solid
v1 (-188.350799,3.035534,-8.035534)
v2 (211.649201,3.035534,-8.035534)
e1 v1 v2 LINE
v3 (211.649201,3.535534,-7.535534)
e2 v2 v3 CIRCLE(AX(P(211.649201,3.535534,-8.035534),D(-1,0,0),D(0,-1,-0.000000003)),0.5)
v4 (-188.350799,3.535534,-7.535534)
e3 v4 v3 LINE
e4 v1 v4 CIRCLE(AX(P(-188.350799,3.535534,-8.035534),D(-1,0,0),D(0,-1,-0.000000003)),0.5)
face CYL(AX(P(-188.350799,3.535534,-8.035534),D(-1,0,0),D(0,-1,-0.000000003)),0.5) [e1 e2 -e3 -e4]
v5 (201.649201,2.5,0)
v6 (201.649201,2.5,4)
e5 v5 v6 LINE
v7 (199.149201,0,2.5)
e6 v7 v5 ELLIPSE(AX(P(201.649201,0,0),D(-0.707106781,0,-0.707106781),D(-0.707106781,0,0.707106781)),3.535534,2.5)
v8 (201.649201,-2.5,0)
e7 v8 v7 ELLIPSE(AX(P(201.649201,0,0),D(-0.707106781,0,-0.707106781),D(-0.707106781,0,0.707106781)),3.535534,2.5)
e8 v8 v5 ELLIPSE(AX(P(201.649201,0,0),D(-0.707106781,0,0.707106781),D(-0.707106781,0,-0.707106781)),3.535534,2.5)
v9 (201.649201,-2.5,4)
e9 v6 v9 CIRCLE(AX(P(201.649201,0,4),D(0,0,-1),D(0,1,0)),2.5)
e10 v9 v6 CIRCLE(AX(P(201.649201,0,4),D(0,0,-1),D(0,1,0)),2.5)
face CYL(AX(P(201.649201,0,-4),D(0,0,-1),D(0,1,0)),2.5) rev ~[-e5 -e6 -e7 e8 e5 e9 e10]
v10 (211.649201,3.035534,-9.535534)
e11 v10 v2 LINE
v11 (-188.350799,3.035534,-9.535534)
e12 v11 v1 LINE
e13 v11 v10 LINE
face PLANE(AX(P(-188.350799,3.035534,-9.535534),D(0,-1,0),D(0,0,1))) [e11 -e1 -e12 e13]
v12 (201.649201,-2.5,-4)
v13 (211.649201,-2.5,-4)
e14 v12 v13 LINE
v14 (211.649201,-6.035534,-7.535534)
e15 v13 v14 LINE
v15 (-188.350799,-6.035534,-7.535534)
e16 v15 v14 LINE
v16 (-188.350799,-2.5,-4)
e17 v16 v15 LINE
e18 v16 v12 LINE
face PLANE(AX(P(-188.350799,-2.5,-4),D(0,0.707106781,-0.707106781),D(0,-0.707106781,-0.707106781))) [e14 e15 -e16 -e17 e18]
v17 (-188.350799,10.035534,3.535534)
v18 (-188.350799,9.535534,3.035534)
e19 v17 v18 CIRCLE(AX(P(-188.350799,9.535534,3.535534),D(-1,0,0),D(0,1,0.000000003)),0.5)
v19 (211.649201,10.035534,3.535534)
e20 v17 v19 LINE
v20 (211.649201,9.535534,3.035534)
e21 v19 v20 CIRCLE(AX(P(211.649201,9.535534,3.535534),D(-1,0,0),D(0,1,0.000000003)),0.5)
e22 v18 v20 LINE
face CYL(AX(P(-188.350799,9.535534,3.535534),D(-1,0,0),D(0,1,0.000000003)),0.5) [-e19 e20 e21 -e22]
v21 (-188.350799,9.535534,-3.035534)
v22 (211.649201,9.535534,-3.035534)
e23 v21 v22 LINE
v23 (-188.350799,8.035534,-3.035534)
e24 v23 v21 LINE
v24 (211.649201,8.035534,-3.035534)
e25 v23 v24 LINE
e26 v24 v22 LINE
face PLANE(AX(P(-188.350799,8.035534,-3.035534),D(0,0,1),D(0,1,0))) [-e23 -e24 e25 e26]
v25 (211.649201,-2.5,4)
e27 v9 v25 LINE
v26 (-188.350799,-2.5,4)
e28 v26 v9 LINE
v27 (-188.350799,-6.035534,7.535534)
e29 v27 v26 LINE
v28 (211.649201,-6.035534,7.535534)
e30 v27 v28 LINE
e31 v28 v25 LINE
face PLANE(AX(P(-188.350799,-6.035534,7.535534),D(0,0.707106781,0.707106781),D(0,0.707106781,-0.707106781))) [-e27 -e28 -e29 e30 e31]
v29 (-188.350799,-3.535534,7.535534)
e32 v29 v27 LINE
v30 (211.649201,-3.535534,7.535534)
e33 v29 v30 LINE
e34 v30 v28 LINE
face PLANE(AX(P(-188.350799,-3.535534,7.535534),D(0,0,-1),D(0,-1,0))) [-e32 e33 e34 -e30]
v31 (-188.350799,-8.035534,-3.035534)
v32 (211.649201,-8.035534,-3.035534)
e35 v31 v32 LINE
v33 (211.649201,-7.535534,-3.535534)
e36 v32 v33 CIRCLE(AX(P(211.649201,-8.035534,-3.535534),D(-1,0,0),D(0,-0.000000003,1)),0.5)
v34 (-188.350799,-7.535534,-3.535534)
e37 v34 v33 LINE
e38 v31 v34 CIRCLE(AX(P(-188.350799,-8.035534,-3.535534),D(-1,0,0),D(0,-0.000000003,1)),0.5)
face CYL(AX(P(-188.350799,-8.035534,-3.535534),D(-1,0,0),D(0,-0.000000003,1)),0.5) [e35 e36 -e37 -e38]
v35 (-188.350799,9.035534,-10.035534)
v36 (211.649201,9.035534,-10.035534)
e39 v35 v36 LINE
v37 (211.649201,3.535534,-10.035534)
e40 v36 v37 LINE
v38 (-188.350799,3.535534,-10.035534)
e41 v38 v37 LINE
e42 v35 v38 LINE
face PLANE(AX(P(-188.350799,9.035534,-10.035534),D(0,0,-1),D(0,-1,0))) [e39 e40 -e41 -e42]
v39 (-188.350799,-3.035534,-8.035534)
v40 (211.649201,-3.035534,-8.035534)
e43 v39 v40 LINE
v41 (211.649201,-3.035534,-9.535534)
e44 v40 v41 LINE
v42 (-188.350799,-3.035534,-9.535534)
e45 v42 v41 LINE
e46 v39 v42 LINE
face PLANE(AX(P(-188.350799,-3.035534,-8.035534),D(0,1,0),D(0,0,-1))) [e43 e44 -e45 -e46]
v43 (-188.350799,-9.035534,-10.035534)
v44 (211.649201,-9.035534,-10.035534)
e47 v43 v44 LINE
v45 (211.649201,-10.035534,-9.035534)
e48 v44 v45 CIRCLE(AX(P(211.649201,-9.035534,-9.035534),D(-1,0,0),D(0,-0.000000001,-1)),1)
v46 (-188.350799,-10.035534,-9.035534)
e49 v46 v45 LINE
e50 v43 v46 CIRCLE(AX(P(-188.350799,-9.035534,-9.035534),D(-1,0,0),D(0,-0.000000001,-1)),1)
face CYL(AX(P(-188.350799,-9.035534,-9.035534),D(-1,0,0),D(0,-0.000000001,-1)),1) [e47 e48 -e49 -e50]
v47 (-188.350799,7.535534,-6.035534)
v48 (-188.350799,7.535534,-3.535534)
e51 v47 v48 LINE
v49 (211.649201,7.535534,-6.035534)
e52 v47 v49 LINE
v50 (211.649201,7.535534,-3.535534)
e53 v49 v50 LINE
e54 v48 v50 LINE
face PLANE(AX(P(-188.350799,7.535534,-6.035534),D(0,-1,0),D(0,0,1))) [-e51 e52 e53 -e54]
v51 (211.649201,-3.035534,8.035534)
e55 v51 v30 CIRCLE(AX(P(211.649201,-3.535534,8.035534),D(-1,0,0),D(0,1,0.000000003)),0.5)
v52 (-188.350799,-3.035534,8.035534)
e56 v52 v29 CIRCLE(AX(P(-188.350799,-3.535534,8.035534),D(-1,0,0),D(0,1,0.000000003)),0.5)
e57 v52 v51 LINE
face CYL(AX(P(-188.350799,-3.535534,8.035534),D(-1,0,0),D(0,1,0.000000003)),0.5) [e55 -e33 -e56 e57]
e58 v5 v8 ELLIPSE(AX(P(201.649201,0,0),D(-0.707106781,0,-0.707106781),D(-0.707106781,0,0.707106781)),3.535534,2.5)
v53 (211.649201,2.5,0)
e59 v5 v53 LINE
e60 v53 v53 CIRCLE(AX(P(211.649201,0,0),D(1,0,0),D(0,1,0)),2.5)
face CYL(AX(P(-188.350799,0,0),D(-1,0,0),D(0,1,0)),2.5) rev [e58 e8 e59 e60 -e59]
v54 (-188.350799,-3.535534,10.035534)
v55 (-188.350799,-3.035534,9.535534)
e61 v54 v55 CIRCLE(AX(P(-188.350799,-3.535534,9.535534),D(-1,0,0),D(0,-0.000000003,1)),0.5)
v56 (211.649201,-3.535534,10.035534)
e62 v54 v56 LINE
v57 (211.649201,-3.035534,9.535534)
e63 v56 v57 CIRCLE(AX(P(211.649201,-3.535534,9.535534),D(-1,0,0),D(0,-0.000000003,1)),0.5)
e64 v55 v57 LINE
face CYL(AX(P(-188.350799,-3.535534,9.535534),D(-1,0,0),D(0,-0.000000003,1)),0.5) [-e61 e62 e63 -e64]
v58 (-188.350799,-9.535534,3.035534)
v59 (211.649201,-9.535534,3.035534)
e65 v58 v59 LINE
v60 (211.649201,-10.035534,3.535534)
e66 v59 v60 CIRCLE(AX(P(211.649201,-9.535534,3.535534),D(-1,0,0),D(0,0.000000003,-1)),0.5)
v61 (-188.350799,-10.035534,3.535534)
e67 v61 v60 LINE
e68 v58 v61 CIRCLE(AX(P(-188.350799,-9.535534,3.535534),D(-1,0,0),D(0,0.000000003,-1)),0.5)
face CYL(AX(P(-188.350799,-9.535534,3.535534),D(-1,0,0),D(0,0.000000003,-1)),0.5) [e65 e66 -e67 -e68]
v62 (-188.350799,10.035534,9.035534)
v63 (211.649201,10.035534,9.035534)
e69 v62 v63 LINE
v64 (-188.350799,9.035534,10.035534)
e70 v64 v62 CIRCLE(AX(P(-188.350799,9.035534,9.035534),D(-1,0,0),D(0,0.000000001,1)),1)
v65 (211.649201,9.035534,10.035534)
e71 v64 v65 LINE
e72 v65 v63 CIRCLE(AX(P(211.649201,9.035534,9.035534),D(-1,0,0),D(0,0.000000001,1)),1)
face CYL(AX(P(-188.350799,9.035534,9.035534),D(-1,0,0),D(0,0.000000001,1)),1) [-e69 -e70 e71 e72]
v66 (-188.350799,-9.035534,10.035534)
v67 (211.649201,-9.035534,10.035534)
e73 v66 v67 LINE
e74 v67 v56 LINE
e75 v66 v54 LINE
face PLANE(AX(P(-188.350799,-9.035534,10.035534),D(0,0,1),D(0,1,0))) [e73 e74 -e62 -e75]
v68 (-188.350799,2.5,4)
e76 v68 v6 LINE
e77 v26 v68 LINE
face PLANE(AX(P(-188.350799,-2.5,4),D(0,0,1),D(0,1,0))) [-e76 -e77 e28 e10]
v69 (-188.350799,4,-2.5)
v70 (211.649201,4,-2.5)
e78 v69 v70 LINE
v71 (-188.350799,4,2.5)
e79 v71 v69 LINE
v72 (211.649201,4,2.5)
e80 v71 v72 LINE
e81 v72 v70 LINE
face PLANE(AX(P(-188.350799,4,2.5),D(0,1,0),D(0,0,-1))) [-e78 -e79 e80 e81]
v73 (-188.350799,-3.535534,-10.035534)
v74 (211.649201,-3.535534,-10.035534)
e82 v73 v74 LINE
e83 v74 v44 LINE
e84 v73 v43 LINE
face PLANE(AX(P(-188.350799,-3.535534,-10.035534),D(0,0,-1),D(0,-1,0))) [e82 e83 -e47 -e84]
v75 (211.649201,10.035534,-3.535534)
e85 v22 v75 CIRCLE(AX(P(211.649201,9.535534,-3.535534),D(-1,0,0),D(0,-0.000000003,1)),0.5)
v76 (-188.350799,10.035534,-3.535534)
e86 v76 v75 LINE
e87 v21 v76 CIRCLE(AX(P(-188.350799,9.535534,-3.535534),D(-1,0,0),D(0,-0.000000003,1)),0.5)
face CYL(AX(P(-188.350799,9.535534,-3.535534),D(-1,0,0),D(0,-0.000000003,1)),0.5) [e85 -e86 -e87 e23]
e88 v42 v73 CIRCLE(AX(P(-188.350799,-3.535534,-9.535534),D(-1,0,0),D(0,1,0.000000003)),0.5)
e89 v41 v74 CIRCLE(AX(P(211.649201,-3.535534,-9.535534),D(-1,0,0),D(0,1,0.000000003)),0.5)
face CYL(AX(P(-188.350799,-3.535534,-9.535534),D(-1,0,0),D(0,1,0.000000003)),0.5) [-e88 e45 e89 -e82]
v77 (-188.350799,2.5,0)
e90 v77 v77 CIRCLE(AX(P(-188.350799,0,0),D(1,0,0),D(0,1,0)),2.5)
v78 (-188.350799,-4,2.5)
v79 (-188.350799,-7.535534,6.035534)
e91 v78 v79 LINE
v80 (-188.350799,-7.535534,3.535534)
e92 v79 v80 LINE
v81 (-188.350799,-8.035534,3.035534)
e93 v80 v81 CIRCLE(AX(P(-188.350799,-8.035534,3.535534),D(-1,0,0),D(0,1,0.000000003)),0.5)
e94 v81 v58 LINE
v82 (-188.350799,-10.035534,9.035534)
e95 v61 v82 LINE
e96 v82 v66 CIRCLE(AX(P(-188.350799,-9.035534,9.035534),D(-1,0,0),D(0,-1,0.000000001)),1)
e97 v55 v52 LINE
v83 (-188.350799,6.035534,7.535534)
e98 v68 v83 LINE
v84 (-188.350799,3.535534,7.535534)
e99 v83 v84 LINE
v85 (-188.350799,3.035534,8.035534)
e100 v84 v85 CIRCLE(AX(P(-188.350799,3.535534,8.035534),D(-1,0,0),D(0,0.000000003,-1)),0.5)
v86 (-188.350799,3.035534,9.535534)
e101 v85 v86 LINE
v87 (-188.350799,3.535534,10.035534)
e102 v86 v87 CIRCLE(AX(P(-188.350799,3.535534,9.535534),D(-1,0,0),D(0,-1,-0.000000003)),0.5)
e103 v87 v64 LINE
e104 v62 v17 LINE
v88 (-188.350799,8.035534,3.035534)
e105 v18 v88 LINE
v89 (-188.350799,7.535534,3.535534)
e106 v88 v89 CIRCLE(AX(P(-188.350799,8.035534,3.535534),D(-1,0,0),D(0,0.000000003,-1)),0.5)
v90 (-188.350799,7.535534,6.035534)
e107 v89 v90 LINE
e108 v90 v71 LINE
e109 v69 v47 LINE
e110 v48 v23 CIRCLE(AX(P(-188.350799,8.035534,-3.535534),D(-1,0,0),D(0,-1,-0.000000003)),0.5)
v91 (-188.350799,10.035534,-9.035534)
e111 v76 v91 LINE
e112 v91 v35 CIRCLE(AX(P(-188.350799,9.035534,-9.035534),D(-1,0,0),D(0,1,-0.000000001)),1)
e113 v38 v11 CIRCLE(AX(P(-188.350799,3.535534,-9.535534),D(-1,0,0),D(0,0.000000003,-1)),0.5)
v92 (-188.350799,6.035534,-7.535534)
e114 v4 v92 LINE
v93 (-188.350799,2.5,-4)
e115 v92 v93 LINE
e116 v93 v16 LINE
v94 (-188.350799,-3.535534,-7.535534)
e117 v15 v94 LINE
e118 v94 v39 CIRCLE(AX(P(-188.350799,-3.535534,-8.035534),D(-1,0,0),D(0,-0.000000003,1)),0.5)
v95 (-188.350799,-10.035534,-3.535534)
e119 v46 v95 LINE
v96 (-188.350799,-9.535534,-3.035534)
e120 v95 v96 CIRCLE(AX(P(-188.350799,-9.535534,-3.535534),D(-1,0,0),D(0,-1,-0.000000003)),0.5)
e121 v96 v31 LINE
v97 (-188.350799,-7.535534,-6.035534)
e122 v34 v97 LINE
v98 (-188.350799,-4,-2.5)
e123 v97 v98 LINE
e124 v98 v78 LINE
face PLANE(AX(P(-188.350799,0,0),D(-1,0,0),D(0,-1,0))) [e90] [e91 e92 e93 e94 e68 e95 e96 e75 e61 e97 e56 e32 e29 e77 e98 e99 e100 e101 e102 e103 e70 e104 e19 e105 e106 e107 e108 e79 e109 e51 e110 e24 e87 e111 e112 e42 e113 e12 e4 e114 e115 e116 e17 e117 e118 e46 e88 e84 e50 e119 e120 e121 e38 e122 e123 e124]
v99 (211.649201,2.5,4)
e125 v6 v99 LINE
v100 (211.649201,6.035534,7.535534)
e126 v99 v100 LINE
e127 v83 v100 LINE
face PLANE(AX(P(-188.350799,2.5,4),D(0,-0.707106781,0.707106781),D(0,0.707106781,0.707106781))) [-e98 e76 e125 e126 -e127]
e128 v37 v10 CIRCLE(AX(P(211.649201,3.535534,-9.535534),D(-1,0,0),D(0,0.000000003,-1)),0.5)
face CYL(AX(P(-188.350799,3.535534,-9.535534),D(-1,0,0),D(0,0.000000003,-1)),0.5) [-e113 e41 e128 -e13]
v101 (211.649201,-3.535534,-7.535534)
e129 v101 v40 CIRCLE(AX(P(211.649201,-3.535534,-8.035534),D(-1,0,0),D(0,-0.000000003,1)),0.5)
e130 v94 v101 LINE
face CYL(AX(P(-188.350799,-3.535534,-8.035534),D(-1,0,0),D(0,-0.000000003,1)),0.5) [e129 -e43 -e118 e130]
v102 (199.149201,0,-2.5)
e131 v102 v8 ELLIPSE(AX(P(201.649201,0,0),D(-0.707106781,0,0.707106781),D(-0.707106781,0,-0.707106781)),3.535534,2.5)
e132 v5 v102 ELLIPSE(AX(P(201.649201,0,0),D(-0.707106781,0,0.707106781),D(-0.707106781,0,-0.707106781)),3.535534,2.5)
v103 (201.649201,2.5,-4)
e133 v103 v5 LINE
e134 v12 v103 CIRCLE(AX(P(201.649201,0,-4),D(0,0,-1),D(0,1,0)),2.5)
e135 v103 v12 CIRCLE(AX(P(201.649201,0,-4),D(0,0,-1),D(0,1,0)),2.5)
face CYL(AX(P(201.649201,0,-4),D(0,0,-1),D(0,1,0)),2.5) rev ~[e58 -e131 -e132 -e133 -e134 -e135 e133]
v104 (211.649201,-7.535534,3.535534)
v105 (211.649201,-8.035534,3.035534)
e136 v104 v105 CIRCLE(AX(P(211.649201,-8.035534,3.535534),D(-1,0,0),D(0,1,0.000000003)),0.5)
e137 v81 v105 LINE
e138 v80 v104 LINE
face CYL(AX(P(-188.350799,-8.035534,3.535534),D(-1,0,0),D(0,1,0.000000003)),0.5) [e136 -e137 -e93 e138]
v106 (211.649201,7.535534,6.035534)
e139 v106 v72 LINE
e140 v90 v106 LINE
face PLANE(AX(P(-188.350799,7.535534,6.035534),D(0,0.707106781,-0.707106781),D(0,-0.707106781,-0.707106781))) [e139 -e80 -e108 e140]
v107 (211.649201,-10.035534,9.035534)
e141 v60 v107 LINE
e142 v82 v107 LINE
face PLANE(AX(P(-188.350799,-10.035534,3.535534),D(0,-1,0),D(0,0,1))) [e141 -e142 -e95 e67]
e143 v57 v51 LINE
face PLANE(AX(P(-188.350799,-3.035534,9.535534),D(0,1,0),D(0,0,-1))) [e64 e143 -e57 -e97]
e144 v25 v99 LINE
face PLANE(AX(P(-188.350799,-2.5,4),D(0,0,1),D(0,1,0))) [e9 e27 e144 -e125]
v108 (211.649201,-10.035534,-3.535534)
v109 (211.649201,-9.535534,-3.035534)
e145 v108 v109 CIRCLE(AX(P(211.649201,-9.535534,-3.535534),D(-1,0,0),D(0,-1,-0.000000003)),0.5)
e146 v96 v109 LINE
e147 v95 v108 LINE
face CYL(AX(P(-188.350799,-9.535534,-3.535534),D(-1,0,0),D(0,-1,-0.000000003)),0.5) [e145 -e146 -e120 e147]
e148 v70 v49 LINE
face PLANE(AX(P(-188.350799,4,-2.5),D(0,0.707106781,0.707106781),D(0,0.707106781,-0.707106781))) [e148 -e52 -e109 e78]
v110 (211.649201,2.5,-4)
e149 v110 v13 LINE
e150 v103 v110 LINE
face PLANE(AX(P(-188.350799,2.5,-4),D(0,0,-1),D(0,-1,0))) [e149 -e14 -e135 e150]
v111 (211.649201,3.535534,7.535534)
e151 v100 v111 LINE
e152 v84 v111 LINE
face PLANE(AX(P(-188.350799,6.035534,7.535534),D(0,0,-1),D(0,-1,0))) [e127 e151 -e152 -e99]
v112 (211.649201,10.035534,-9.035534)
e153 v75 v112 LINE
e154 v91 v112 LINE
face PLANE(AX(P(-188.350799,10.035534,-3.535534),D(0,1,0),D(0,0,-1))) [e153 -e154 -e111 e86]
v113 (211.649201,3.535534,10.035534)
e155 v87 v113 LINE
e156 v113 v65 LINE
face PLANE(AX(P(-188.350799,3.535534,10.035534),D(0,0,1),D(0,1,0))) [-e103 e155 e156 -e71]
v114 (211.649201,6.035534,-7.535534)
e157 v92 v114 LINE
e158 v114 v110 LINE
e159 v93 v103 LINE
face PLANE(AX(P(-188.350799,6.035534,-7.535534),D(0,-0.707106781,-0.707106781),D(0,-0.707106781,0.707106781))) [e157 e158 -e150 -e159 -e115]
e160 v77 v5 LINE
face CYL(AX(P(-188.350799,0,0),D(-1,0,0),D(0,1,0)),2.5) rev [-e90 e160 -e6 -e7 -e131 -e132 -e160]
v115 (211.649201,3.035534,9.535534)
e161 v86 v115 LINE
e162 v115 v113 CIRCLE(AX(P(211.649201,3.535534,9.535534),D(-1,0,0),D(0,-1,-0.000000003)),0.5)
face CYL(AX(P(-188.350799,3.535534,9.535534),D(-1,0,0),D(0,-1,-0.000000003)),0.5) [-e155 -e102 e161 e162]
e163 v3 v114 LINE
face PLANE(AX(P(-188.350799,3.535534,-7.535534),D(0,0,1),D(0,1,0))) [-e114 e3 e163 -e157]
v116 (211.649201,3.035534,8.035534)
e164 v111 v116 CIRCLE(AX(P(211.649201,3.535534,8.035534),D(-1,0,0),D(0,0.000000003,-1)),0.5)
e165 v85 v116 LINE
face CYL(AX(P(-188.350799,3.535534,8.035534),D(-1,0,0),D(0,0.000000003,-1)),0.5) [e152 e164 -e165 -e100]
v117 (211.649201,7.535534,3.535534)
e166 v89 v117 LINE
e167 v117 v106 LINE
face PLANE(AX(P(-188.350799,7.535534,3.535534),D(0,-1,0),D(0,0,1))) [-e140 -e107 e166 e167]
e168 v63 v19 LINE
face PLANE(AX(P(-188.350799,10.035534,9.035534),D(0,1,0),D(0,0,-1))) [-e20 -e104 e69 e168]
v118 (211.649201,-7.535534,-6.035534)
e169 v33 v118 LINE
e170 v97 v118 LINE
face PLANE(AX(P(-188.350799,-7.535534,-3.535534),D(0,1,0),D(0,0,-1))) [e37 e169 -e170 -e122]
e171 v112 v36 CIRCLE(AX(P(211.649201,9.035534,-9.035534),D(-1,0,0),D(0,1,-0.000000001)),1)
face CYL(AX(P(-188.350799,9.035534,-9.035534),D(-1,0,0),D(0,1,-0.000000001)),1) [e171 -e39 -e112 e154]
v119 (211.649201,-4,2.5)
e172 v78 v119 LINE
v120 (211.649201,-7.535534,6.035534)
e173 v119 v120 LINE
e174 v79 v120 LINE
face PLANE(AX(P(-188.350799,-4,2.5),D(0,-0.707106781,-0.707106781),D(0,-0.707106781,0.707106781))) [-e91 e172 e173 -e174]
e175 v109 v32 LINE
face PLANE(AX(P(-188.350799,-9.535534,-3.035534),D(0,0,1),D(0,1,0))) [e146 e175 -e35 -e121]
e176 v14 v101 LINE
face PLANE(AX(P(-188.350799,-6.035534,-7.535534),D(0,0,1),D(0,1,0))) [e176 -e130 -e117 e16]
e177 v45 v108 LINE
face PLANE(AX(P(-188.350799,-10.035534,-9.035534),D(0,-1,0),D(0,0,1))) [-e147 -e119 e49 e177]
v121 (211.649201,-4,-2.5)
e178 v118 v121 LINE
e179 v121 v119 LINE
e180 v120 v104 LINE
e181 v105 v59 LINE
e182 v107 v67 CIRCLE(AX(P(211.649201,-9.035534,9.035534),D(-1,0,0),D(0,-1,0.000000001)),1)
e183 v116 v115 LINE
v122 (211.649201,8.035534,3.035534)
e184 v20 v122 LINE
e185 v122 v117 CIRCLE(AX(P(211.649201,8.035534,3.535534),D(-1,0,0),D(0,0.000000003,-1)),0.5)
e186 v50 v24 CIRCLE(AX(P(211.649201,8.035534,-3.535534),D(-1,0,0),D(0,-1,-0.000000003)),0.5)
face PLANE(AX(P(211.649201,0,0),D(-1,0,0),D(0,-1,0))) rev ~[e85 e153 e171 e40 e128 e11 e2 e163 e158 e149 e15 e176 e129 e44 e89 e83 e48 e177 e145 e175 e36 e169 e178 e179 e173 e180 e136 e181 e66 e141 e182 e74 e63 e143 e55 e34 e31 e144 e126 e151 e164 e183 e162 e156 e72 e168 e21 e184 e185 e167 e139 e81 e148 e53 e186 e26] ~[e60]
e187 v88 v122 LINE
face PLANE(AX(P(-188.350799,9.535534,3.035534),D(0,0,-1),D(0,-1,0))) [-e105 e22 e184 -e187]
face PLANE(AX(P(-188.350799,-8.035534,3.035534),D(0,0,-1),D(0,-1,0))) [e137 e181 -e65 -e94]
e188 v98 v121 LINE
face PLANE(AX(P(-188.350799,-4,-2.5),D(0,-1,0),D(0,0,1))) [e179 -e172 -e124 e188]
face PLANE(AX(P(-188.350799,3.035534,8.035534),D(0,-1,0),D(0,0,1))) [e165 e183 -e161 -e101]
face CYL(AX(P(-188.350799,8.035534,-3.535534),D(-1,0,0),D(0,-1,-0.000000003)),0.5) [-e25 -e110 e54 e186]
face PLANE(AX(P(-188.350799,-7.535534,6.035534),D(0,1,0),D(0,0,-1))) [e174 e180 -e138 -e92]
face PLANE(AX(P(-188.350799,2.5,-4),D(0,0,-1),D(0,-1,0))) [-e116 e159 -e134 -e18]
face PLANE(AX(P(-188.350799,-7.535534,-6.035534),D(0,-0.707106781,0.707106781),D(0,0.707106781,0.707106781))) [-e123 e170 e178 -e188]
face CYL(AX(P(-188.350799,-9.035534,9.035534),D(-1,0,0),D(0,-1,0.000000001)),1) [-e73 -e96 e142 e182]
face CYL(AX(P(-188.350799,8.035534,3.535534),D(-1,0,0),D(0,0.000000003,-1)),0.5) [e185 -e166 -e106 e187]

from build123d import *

# Parameters (mm, degrees)
SKETCH11_R                            = 2.5
ALUMINIUM_PROF_ALUMINIUM_PROF_1_DEPTH = 400
SKETCH12_R                            = 2.5
CUT_EXTRUDE1_DEPTH                    = 10


with BuildPart() as part:
    # Sketch11 → Aluminium prof ALUMINIUM PROF(1) (new body)
    with BuildSketch(Plane.YZ.offset(-188.350798937)):
        with BuildLine():
            Line((-2.5, 4), (2.5, 4))
            Line((2.5, 4), (6.035533906, 7.535533906))
            Line((6.035533906, 7.535533906), (3.535533906, 7.535533906))
            ThreePointArc((3.535533906, 7.535533906), (3.181980515, 7.681980515), (3.035533906, 8.035533906))
            Line((3.035533906, 8.035533906), (3.035533906, 9.535533906))
            ThreePointArc((3.035533906, 9.535533906), (3.181980515, 9.889087297), (3.535533906, 10.035533906))
            Line((3.535533906, 10.035533906), (9.035533906, 10.035533906))
            ThreePointArc((9.035533906, 10.035533906), (9.742640687, 9.742640687), (10.035533906, 9.035533906))
            Line((10.035533906, 9.035533906), (10.035533906, 3.535533906))
            ThreePointArc((10.035533906, 3.535533906), (9.889087297, 3.181980515), (9.535533906, 3.035533906))
            Line((9.535533906, 3.035533906), (8.035533906, 3.035533906))
            ThreePointArc((8.035533906, 3.035533906), (7.681980515, 3.181980515), (7.535533906, 3.535533906))
            Line((7.535533906, 3.535533906), (7.535533906, 6.035533906))
            Line((7.535533906, 6.035533906), (4, 2.5))
            Line((4, 2.5), (4, -2.5))
            Line((4, -2.5), (7.535533906, -6.035533906))
            Line((7.535533906, -6.035533906), (7.535533906, -3.535533906))
            ThreePointArc((7.535533906, -3.535533906), (7.681980515, -3.181980515), (8.035533906, -3.035533906))
            Line((8.035533906, -3.035533906), (9.535533906, -3.035533906))
            ThreePointArc((9.535533906, -3.035533906), (9.889087297, -3.181980515), (10.035533906, -3.535533906))
            Line((10.035533906, -3.535533906), (10.035533906, -9.035533906))
            ThreePointArc((10.035533906, -9.035533906), (9.742640687, -9.742640687), (9.035533906, -10.035533906))
            Line((9.035533906, -10.035533906), (3.535533906, -10.035533906))
            ThreePointArc((3.535533906, -10.035533906), (3.181980515, -9.889087297), (3.035533906, -9.535533906))
            Line((3.035533906, -9.535533906), (3.035533906, -8.035533906))
            ThreePointArc((3.035533906, -8.035533906), (3.181980515, -7.681980515), (3.535533906, -7.535533906))
            Line((3.535533906, -7.535533906), (6.035533906, -7.535533906))
            Line((6.035533906, -7.535533906), (2.5, -4))
            Line((2.5, -4), (-2.5, -4))
            Line((-2.5, -4), (-6.035533906, -7.535533906))
            Line((-6.035533906, -7.535533906), (-3.535533906, -7.535533906))
            ThreePointArc((-3.535533906, -7.535533906), (-3.181980515, -7.681980515), (-3.035533906, -8.035533906))
            Line((-3.035533906, -8.035533906), (-3.035533906, -9.535533906))
            ThreePointArc((-3.035533906, -9.535533906), (-3.181980515, -9.889087297), (-3.535533906, -10.035533906))
            Line((-3.535533906, -10.035533906), (-9.035533906, -10.035533906))
            ThreePointArc((-9.035533906, -10.035533906), (-9.742640687, -9.742640687), (-10.035533906, -9.035533906))
            Line((-10.035533906, -9.035533906), (-10.035533906, -3.535533906))
            ThreePointArc((-10.035533906, -3.535533906), (-9.889087297, -3.181980515), (-9.535533906, -3.035533906))
            Line((-9.535533906, -3.035533906), (-8.035533906, -3.035533906))
            ThreePointArc((-8.035533906, -3.035533906), (-7.681980515, -3.181980515), (-7.535533906, -3.535533906))
            Line((-7.535533906, -3.535533906), (-7.535533906, -6.035533906))
            Line((-7.535533906, -6.035533906), (-4, -2.5))
            Line((-4, -2.5), (-4, 2.5))
            Line((-4, 2.5), (-7.535533906, 6.035533906))
            Line((-7.535533906, 6.035533906), (-7.535533906, 3.535533906))
            ThreePointArc((-7.535533906, 3.535533906), (-7.681980515, 3.181980515), (-8.035533906, 3.035533906))
            Line((-8.035533906, 3.035533906), (-9.535533906, 3.035533906))
            ThreePointArc((-9.535533906, 3.035533906), (-9.889087297, 3.181980515), (-10.035533906, 3.535533906))
            Line((-10.035533906, 3.535533906), (-10.035533906, 9.035533906))
            ThreePointArc((-10.035533906, 9.035533906), (-9.742640687, 9.742640687), (-9.035533906, 10.035533906))
            Line((-9.035533906, 10.035533906), (-3.535533906, 10.035533906))
            ThreePointArc((-3.535533906, 10.035533906), (-3.181980515, 9.889087297), (-3.035533906, 9.535533906))
            Line((-3.035533906, 9.535533906), (-3.035533906, 8.035533906))
            ThreePointArc((-3.035533906, 8.035533906), (-3.181980515, 7.681980515), (-3.535533906, 7.535533906))
            Line((-3.535533906, 7.535533906), (-6.035533906, 7.535533906))
            Line((-6.035533906, 7.535533906), (-2.5, 4))
        make_face()
        Circle(SKETCH11_R, mode=Mode.SUBTRACT)
    extrude(amount=ALUMINIUM_PROF_ALUMINIUM_PROF_1_DEPTH)

    # Sketch12 → Cut-Extrude1 (cut)
    with BuildSketch(Plane(origin=(0, 0, -4), x_dir=(-1, 0, 0), z_dir=(0, 0, -1))):
        with Locations(Location((-201.649201063, 0, 0), (0, 0, 90))):
            Circle(SKETCH12_R)
    extrude(amount=-CUT_EXTRUDE1_DEPTH, mode=Mode.SUBTRACT)


solid = part.part
